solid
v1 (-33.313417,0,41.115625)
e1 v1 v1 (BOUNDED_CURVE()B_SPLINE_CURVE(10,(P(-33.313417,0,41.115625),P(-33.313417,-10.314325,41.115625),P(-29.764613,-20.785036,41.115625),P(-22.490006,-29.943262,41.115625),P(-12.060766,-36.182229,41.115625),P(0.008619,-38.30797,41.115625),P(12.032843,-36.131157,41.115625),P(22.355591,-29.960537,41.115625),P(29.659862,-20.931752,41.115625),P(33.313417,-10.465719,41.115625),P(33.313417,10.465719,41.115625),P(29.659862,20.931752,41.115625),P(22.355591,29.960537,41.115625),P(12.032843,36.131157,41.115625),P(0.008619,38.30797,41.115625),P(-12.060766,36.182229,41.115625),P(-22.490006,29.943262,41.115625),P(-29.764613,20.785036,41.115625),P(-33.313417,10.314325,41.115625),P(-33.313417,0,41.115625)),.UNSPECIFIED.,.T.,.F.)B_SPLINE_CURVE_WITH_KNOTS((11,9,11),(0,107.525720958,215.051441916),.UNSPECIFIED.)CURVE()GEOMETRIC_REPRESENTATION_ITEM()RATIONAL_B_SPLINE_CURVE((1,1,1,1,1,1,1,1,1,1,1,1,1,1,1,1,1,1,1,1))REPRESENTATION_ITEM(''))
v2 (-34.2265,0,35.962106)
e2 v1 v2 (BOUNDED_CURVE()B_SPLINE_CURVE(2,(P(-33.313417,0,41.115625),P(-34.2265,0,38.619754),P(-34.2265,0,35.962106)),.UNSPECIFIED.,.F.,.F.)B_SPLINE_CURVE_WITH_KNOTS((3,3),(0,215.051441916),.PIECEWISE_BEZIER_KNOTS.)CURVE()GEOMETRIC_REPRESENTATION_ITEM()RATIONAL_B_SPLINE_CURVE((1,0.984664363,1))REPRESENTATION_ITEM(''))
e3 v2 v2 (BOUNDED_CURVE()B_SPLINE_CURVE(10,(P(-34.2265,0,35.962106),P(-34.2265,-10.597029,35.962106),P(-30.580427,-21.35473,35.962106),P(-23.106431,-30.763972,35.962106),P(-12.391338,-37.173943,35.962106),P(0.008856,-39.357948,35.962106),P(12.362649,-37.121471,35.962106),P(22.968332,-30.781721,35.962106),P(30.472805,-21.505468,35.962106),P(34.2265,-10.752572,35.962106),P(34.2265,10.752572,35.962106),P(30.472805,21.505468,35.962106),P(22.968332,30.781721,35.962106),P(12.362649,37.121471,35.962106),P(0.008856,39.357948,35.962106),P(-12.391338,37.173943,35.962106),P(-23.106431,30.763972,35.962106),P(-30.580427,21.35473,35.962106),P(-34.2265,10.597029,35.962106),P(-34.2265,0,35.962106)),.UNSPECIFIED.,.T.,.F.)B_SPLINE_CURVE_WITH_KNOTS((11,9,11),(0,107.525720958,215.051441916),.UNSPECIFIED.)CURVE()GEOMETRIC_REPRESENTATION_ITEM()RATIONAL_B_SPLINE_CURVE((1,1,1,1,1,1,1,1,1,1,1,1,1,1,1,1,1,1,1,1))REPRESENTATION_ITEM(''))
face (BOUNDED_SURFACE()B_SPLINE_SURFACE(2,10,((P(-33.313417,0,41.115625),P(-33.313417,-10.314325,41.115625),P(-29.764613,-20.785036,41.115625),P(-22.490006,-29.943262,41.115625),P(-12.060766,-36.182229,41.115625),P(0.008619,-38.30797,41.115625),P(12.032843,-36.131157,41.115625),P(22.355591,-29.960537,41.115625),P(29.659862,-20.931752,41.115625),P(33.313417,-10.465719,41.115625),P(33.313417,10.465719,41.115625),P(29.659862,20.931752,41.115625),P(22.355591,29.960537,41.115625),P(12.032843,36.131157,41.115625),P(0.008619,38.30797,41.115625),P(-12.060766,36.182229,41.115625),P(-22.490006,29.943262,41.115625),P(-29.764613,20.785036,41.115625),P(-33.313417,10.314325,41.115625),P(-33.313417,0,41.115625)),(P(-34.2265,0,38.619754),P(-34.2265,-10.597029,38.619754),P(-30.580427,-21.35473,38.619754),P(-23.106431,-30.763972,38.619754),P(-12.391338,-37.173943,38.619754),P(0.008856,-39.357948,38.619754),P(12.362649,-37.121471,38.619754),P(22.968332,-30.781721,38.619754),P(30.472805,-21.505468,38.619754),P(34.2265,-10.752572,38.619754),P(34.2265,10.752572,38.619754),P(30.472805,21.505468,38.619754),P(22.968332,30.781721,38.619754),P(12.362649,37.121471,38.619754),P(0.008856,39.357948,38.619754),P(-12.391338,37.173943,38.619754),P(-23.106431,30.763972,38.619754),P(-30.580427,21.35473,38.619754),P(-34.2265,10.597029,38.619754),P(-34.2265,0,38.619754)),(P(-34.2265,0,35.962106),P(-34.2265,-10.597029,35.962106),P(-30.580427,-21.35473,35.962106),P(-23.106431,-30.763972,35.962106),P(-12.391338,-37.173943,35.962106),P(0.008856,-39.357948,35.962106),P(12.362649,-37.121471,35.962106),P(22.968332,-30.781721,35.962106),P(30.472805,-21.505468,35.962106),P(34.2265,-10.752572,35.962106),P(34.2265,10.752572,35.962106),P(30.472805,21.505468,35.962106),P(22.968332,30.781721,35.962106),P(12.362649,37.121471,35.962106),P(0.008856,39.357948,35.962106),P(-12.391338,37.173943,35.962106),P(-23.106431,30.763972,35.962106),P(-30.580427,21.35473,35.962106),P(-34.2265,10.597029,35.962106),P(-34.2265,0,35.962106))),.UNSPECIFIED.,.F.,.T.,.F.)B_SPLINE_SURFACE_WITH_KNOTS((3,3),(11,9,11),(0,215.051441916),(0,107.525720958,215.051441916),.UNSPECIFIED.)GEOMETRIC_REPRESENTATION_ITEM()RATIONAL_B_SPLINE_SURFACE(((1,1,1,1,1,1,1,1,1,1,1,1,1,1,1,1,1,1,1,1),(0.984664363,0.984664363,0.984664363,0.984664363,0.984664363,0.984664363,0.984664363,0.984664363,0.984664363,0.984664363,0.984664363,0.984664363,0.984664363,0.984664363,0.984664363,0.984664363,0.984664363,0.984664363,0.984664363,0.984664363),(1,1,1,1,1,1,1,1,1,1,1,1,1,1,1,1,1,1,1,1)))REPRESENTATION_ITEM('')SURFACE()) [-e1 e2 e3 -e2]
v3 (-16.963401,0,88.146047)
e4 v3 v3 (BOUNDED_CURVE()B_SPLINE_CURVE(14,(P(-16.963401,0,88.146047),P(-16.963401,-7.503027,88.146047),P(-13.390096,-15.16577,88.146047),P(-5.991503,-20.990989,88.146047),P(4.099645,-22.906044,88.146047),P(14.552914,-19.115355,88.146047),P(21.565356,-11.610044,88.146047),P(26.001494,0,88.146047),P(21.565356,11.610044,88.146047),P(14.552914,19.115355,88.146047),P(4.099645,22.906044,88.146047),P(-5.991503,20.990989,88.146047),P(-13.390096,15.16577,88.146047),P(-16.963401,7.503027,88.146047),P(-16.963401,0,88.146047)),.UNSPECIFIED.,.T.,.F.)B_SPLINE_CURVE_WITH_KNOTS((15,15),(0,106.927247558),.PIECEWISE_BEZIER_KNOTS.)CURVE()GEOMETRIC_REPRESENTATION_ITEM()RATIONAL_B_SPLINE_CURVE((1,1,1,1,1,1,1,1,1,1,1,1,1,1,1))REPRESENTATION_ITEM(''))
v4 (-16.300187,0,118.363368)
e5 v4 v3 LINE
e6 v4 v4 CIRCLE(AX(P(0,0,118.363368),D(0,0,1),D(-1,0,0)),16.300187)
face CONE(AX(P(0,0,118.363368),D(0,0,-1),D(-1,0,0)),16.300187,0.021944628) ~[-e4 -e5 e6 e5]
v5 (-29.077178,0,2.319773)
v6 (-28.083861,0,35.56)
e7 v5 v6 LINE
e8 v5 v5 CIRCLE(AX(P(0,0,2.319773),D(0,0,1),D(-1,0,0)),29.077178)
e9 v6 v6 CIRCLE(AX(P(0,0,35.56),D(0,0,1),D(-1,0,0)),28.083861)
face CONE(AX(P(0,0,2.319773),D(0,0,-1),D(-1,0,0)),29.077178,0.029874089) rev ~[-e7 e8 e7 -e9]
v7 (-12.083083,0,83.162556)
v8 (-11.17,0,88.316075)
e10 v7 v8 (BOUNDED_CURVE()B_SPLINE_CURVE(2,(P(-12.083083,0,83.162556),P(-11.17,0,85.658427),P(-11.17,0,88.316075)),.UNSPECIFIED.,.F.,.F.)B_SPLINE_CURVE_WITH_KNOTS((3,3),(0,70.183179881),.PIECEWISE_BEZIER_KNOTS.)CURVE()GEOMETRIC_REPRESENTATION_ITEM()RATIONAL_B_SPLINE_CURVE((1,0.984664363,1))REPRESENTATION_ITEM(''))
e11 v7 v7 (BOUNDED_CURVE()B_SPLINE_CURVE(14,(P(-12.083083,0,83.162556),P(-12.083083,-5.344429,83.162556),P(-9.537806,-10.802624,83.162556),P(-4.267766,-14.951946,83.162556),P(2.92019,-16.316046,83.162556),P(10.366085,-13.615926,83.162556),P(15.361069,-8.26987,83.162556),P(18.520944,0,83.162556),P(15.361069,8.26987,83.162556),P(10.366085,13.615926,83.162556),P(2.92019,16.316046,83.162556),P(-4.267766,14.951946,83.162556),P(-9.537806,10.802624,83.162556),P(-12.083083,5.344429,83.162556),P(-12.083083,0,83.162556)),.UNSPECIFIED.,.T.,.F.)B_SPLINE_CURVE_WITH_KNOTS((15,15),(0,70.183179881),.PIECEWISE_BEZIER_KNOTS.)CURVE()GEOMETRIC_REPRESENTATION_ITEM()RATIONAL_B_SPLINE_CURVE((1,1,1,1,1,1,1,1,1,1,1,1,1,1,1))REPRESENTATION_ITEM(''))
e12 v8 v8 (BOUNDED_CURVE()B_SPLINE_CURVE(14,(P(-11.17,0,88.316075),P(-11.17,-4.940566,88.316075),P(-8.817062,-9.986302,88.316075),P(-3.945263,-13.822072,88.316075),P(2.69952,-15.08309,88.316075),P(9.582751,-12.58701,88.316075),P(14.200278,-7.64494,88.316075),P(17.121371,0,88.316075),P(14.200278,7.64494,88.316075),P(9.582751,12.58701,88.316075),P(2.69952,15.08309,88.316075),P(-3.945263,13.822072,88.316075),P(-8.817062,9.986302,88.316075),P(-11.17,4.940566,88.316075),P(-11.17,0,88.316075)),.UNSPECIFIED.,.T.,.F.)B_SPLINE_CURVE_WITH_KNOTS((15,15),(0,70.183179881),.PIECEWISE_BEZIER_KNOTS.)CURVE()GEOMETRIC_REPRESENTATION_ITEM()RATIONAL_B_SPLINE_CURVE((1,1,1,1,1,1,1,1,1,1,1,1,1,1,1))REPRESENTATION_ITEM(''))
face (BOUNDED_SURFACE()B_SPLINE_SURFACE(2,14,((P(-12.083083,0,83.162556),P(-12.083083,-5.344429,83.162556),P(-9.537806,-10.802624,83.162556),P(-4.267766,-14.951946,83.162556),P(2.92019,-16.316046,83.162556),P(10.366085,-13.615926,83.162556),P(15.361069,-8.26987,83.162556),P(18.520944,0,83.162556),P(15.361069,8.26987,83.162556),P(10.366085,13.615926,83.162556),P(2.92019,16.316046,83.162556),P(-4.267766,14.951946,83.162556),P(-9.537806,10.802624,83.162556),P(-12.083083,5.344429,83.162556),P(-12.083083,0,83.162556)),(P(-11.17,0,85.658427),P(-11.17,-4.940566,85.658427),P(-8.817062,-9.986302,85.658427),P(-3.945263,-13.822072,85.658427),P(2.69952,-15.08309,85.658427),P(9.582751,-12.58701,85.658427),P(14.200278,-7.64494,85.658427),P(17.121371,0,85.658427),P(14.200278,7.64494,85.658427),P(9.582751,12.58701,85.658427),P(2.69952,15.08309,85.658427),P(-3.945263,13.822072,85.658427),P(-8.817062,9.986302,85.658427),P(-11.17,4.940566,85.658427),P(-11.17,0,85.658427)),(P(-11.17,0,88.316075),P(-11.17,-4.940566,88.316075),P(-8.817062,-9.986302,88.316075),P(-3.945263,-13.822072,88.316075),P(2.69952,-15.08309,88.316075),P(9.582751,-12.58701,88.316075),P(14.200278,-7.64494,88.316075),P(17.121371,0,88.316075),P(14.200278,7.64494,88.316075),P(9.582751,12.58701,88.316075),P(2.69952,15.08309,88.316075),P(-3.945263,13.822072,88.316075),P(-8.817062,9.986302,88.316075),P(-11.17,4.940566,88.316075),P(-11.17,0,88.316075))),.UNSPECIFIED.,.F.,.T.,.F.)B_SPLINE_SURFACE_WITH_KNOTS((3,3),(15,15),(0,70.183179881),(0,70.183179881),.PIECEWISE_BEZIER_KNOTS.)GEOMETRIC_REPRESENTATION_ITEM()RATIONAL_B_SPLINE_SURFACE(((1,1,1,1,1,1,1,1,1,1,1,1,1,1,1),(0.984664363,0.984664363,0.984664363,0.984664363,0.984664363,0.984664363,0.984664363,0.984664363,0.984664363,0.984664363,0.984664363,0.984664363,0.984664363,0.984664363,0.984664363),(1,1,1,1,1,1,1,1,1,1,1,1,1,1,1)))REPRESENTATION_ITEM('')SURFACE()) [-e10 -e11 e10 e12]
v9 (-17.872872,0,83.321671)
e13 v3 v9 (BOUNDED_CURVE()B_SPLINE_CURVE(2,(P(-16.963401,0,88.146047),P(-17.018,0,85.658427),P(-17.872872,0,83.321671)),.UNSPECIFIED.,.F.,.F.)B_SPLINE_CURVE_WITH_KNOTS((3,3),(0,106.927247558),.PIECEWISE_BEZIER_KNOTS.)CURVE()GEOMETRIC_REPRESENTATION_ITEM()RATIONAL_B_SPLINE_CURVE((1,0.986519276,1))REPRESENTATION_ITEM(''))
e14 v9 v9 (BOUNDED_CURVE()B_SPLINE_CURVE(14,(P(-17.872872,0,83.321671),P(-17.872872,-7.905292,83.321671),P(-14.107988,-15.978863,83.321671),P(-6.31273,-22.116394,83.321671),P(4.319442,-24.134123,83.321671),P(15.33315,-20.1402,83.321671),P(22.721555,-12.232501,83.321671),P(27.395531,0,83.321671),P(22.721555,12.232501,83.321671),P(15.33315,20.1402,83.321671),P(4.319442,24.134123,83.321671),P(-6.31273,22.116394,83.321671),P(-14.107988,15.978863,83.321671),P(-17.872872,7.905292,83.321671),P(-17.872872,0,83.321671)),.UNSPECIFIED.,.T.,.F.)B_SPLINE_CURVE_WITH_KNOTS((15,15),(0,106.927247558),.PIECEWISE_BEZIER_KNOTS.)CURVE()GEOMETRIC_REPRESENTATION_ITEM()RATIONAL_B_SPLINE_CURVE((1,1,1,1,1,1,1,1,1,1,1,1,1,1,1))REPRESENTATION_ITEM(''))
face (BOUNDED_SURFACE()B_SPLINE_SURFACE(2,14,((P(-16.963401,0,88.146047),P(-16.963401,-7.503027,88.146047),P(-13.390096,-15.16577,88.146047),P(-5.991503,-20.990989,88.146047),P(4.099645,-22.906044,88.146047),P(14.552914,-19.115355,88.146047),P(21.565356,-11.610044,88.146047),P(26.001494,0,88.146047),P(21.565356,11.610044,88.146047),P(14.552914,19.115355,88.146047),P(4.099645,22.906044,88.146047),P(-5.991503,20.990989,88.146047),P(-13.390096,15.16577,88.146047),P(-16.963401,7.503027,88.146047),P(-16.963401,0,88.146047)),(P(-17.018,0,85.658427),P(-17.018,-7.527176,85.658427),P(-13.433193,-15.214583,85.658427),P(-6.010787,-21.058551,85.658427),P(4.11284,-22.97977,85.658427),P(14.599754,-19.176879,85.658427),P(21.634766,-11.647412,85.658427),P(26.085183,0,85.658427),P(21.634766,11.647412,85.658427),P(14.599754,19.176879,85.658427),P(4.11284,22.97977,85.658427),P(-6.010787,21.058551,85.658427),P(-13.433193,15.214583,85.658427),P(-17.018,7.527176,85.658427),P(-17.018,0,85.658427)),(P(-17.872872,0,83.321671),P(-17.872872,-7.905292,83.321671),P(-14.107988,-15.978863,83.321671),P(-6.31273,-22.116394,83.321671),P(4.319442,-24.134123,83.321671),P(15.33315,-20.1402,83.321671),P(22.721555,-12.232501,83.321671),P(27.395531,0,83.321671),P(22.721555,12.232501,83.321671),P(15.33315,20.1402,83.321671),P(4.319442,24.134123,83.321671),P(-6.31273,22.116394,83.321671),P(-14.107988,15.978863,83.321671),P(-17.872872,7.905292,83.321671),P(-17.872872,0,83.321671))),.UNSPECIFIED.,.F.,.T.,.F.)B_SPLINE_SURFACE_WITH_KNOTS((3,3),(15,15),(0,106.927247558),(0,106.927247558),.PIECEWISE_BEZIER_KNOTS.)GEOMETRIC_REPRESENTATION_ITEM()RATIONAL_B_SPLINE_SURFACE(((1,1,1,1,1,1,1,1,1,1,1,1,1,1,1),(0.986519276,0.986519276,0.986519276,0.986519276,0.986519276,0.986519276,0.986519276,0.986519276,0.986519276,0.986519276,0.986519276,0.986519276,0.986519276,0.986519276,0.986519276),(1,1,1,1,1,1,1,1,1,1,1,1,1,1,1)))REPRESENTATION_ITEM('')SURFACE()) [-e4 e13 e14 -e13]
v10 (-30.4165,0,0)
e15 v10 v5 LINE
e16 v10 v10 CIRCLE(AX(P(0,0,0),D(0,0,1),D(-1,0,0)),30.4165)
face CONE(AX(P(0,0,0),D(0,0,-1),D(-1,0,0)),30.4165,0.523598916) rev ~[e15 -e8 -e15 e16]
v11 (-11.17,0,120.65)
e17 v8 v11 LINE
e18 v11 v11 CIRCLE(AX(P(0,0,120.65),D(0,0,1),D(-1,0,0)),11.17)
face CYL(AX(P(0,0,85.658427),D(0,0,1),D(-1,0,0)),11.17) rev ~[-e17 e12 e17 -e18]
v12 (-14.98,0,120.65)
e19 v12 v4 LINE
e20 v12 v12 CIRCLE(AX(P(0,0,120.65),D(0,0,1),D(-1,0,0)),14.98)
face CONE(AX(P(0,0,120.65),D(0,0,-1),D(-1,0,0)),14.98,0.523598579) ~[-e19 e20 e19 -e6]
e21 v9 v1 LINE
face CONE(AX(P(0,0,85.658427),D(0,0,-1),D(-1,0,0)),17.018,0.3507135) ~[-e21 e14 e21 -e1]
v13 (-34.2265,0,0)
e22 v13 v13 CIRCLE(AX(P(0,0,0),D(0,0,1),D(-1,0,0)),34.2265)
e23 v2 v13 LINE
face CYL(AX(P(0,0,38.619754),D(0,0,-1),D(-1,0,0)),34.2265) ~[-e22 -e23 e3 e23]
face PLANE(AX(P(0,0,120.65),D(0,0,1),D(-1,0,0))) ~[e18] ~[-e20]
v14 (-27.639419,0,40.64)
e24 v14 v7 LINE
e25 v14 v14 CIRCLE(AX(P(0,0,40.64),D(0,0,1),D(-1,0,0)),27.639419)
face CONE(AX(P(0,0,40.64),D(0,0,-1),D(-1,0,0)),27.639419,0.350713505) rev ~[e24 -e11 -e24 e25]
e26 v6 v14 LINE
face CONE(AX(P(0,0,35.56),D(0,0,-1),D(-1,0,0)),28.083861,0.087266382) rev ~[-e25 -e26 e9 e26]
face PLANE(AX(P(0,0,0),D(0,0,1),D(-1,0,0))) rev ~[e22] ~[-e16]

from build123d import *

# Parameters (mm, degrees)
F2_R = 15


with BuildPart() as f1:
    # F0 (on Front) → F1 (revolve)
    with BuildSketch(Plane.XZ):
        Polygon((-34.2265, 0), (-30.4165, 0), (-29.077178, 2.319773), (-28.083861, 35.56), (-27.639419, 40.64), (-11.17, 85.658427), (-11.17, 120.65), (-14.98, 120.65), (-16.300187, 118.363368), (-17.018, 85.658427), (-34.2265, 38.619754), align=None)
    revolve(axis=Axis((0, 0, 84.68134), (0, 0, 1)))

    # F2
    f2_edges = [f1.edges().sort_by_distance(p)[0] for p in [
        (34.2265, 0, 38.619754),
        (17.018, 0, 85.658427),
        (11.17, 0, 85.658427),
    ]]
    fillet(f2_edges, radius=F2_R)


solid = f1.part
